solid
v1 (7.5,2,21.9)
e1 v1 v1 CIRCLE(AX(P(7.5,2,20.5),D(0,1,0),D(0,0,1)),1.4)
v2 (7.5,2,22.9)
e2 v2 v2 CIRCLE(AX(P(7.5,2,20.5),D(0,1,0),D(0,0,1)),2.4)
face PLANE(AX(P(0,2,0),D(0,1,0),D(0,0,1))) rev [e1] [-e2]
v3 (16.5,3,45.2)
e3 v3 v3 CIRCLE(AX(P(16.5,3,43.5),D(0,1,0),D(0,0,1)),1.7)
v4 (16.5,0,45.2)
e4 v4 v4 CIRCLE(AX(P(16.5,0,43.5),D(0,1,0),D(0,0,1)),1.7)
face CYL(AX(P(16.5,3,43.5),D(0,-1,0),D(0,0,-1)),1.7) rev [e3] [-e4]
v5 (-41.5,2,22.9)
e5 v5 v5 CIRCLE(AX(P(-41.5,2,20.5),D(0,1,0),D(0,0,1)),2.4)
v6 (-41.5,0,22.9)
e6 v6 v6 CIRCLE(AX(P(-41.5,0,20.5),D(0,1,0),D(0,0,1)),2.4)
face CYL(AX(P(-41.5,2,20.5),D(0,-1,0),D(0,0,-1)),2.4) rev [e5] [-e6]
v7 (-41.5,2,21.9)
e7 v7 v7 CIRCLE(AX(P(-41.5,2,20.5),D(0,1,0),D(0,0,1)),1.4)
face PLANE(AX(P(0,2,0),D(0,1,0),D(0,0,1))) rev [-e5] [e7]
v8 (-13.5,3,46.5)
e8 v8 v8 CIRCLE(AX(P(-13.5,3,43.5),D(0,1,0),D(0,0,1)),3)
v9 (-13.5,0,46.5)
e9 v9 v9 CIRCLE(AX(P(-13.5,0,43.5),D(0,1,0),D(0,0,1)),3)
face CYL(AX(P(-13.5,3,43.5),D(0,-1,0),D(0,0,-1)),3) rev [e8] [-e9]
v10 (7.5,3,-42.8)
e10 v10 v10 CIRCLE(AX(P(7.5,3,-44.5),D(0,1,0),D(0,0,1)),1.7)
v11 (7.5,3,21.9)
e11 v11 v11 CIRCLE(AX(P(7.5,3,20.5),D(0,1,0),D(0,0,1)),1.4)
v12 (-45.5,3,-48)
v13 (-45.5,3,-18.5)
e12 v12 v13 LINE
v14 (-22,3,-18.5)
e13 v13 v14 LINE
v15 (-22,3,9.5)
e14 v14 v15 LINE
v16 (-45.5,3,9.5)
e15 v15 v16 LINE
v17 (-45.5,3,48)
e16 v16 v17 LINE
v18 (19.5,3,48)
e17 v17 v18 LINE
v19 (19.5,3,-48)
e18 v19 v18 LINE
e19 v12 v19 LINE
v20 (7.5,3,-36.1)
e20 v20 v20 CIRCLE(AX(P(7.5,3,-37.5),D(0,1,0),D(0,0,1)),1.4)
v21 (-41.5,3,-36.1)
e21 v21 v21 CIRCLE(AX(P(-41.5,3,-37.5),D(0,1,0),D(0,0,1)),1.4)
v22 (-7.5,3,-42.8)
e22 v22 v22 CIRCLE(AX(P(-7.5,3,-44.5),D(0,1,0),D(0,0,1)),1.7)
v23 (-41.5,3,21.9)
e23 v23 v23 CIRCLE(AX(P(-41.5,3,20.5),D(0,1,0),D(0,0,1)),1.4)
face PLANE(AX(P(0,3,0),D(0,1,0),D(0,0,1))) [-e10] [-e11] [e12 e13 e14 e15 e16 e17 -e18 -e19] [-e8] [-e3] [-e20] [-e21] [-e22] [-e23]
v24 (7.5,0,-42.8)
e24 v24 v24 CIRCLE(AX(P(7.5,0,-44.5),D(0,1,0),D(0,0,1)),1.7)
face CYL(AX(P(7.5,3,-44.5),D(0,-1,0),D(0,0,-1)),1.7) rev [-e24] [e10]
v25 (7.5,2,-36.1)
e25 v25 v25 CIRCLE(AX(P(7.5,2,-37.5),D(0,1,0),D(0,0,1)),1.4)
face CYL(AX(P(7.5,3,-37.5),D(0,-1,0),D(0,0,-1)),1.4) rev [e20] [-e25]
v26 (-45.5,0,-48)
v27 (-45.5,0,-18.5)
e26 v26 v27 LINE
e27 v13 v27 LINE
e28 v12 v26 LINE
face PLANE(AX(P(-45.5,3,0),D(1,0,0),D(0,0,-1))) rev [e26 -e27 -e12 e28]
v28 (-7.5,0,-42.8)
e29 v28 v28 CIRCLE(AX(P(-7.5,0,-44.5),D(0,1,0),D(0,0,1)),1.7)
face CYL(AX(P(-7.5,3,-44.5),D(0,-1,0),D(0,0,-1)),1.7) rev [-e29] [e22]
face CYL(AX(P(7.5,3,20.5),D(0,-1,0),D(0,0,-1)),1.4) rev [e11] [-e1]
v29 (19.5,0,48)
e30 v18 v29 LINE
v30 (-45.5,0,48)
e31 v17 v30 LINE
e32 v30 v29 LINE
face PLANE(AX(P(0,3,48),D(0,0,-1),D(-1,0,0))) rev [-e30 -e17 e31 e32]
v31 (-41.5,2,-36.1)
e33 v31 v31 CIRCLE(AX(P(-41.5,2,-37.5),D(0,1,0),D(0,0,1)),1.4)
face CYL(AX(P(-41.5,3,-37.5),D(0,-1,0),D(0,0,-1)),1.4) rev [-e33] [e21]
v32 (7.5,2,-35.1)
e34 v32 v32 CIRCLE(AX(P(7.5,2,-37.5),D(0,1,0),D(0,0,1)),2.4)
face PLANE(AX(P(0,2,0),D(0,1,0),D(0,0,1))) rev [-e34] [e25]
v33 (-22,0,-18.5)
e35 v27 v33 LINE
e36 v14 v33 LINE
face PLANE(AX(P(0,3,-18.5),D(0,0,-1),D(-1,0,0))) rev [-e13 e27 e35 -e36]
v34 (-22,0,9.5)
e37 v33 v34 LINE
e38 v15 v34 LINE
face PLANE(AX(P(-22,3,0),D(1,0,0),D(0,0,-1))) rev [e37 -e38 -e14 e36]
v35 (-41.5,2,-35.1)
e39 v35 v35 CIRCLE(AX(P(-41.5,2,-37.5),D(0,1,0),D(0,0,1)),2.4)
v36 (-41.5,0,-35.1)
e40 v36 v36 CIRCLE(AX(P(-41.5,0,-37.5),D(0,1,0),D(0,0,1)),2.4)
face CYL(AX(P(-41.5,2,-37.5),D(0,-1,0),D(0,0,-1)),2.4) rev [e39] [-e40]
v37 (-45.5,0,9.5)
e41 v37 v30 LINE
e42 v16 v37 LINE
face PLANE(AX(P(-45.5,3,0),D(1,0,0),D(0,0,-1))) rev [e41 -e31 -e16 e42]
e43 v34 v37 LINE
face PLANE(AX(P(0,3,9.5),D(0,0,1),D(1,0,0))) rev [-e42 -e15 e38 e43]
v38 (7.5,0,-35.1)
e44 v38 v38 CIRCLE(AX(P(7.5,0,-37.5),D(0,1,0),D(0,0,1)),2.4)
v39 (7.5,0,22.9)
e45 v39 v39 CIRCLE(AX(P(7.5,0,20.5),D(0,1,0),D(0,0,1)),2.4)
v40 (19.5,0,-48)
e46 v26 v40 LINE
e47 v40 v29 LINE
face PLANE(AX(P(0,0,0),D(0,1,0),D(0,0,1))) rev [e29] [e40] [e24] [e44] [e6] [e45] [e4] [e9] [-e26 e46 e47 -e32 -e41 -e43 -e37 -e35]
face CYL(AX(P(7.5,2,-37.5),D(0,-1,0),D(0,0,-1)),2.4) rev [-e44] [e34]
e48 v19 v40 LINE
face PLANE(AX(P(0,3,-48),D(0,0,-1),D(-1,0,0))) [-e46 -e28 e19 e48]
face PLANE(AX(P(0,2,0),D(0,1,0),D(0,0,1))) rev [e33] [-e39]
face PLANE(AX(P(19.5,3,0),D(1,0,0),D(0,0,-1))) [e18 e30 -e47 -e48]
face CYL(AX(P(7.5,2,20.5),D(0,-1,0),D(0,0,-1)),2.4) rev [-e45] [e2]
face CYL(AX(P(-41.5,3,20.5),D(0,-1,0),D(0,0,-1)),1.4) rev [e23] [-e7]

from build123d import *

# Parameters (mm, degrees)
ESQUISSE1_R             = 1.7
ESQUISSE1_R_2           = 3
ESQUISSE1_R_3           = 1.4
BOSS_EXTRU_1_DEPTH      = 3
ESQUISSE1_3_R           = 2.4
ESQUISSE1_3_R_2         = 1.4
ENL_V_MAT_EXTRU_1_DEPTH = 2


with BuildPart() as part:
    # Esquisse1 → Boss.-Extru.1 (new body)
    with BuildSketch(Plane(origin=(0, 0, 0), x_dir=(1, 0, 0), z_dir=(0, 1, 0))):
        Polygon((19.5, 48), (-45.5, 48), (-45.5, 18.5), (-22, 18.5), (-22, -9.5), (-45.5, -9.5), (-45.5, -48), (19.5, -48), align=None)
        with Locations(Location((16.5, -43.5, 0), (0, 0, 270))):
            Circle(ESQUISSE1_R, mode=Mode.SUBTRACT)
        with Locations(Location((7.5, 44.5, 0), (0, 0, 270))):
            Circle(ESQUISSE1_R, mode=Mode.SUBTRACT)
        with Locations(Location((-7.5, 44.5, 0), (0, 0, 270))):
            Circle(ESQUISSE1_R, mode=Mode.SUBTRACT)
        with Locations(Location((-13.5, -43.5, 0), (0, 0, 270))):
            Circle(ESQUISSE1_R_2, mode=Mode.SUBTRACT)
        with Locations(Location((-41.5, -20.5, 0), (0, 0, 270))):
            Circle(ESQUISSE1_R_3, mode=Mode.SUBTRACT)
        with Locations(Location((7.5, -20.5, 0), (0, 0, 270))):
            Circle(ESQUISSE1_R_3, mode=Mode.SUBTRACT)
        with Locations(Location((7.5, 37.5, 0), (0, 0, 270))):
            Circle(ESQUISSE1_R_3, mode=Mode.SUBTRACT)
        with Locations(Location((-41.5, 37.5, 0), (0, 0, 270))):
            Circle(ESQUISSE1_R_3, mode=Mode.SUBTRACT)
    extrude(amount=BOSS_EXTRU_1_DEPTH)

    # Esquisse1<3> → Enlèv. mat.-Extru.1 (cut)
    # profile 1 of 4: a face of its own
    with BuildSketch(Plane(origin=(0, 0, 0), x_dir=(1, 0, 0), z_dir=(0, 1, 0))):
        with Locations(Location((-41.5, -20.5, 0), (0, 0, 270))):
            Circle(ESQUISSE1_3_R)
        with Locations(Location((-41.5, -20.5, 0), (0, 0, 270))):
            Circle(ESQUISSE1_3_R_2, mode=Mode.SUBTRACT)
    # profile 2 of 4: a face of its own
    with BuildSketch(Plane(origin=(0, 0, 0), x_dir=(1, 0, 0), z_dir=(0, 1, 0))):
        with Locations(Location((7.5, -20.5, 0), (0, 0, 270))):
            Circle(ESQUISSE1_3_R)
        with Locations(Location((7.5, -20.5, 0), (0, 0, 270))):
            Circle(ESQUISSE1_3_R_2, mode=Mode.SUBTRACT)
    # profile 3 of 4: a face of its own
    with BuildSketch(Plane(origin=(0, 0, 0), x_dir=(1, 0, 0), z_dir=(0, 1, 0))):
        with Locations(Location((7.5, 37.5, 0), (0, 0, 270))):
            Circle(ESQUISSE1_3_R)
        with Locations(Location((7.5, 37.5, 0), (0, 0, 270))):
            Circle(ESQUISSE1_3_R_2, mode=Mode.SUBTRACT)
    # profile 4 of 4: a face of its own
    with BuildSketch(Plane(origin=(0, 0, 0), x_dir=(1, 0, 0), z_dir=(0, 1, 0))):
        with Locations(Location((-41.5, 37.5, 0), (0, 0, 270))):
            Circle(ESQUISSE1_3_R)
        with Locations(Location((-41.5, 37.5, 0), (0, 0, 270))):
            Circle(ESQUISSE1_3_R_2, mode=Mode.SUBTRACT)
    extrude(amount=ENL_V_MAT_EXTRU_1_DEPTH, mode=Mode.SUBTRACT)


solid = part.part
